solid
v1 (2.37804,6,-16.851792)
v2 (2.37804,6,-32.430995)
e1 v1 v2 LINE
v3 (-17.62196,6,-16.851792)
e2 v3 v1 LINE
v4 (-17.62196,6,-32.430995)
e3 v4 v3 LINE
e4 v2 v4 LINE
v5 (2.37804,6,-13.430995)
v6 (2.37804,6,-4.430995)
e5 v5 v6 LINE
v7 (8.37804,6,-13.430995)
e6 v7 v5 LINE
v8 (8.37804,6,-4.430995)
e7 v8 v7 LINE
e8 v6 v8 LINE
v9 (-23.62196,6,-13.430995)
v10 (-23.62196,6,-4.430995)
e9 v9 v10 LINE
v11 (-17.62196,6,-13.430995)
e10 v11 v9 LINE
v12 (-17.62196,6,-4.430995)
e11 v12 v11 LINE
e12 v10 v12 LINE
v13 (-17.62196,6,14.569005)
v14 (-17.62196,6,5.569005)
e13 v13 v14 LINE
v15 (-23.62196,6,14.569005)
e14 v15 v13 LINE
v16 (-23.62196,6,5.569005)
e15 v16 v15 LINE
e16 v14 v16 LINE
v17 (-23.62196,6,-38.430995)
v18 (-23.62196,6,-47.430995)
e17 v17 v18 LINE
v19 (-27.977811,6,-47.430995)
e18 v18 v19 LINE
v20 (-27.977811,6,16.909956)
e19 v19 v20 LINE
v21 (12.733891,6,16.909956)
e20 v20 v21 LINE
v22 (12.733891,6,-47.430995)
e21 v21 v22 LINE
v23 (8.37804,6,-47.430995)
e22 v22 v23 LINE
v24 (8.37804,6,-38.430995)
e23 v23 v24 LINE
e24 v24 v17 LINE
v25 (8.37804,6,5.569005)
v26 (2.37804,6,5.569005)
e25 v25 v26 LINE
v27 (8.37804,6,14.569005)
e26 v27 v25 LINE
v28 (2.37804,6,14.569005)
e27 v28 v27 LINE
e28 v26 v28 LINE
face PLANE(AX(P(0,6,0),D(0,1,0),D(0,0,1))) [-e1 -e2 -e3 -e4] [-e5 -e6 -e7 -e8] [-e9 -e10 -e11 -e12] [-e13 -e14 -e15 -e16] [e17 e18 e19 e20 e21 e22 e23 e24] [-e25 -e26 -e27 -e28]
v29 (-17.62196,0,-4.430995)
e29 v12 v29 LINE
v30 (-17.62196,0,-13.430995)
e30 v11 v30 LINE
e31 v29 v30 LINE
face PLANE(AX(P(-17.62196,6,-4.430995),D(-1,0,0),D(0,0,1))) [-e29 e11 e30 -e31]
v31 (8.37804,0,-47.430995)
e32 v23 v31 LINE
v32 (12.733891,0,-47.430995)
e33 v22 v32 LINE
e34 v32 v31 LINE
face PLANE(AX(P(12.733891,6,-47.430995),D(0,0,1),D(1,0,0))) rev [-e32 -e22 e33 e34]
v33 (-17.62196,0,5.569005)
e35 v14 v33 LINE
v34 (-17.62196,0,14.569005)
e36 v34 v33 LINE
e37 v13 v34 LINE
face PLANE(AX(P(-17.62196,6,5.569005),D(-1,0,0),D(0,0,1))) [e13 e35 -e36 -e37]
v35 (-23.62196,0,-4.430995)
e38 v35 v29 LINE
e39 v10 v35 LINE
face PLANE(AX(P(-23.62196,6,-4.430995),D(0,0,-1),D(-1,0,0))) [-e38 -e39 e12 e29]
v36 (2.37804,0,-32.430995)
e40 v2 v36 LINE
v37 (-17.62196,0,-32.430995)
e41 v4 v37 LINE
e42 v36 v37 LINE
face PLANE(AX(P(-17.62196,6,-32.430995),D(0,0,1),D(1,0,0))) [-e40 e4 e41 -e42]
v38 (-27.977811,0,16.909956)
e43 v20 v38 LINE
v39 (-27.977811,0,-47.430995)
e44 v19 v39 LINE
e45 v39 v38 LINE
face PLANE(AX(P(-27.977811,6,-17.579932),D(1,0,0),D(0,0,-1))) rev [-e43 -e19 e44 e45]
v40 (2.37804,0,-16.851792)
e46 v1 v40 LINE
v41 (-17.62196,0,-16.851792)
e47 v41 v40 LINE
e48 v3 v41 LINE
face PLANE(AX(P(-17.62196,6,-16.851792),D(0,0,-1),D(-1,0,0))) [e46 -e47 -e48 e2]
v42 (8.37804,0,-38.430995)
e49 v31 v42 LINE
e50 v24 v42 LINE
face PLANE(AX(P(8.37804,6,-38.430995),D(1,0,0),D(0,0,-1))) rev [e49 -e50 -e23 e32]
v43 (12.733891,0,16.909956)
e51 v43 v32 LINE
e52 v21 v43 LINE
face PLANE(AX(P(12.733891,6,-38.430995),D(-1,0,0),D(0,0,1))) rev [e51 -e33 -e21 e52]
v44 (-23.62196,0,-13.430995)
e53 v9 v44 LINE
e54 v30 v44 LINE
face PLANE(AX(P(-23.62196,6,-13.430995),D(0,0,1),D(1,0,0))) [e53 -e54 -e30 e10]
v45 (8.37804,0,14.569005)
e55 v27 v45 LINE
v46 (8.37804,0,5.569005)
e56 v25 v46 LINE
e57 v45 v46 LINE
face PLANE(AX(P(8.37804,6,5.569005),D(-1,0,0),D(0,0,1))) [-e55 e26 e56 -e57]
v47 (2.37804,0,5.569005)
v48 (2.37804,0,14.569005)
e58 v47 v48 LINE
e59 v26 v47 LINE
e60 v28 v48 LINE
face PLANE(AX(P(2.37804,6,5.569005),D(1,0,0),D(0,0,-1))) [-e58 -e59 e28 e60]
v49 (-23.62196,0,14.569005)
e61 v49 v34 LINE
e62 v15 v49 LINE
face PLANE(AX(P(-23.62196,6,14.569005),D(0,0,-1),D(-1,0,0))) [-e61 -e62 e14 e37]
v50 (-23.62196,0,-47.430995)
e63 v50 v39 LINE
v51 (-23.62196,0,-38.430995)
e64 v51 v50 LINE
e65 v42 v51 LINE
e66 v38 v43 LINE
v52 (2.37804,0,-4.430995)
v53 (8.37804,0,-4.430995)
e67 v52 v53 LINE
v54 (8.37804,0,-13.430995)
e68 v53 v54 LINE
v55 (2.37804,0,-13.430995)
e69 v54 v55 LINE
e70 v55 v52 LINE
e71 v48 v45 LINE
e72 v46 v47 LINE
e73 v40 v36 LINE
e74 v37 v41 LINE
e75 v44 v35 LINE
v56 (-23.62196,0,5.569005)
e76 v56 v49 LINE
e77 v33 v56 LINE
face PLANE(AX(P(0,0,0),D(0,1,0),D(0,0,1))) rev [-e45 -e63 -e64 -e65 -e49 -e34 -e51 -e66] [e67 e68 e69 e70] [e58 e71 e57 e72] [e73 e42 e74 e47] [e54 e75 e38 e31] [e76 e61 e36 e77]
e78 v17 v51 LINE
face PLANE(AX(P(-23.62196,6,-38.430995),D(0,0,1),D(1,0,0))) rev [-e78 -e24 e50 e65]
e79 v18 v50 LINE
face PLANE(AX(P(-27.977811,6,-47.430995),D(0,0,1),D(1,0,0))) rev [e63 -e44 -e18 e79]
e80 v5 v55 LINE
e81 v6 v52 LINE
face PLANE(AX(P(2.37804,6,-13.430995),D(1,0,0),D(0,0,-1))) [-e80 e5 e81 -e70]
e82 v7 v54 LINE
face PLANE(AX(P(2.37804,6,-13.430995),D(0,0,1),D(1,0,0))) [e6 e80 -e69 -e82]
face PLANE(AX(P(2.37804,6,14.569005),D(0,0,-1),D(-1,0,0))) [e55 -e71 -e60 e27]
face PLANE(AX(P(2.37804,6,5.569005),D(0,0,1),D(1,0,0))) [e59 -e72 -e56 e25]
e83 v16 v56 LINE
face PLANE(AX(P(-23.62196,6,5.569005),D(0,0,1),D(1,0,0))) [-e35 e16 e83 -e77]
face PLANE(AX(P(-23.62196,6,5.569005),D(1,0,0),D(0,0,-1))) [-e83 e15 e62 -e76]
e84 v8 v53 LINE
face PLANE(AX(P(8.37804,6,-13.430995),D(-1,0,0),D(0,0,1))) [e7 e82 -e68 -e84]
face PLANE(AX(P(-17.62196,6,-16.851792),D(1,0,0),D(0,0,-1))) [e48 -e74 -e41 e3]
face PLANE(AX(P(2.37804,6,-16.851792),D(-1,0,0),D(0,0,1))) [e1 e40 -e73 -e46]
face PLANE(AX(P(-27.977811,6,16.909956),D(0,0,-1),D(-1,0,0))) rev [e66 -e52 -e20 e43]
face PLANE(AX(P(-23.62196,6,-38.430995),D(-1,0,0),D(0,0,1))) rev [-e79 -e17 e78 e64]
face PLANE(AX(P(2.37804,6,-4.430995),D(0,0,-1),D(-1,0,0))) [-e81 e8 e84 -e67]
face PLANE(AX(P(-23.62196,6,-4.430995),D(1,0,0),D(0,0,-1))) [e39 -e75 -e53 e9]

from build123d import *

# Parameters (mm, degrees)
SKETCH1_W           = 6
SKETCH1_H           = 9
SKETCH1_W_2         = 20
SKETCH1_H_2         = 15.579203612
BOSS_EXTRUDE1_DEPTH = 6


with BuildPart() as part:
    # Sketch1 → Boss-Extrude1 (new body)
    with BuildSketch(Plane(origin=(0, 0, 0), x_dir=(1, 0, 0), z_dir=(0, 1, 0))):
        Polygon((-27.97781142, 17.579932433), (-27.97781142, -16.909955783), (12.733891313, -16.909955783), (12.733891313, 17.579932433), (12.733891313, 38.430995495), (12.733891313, 47.430995495), (8.378039947, 47.430995495), (8.378039947, 38.430995495), (-23.621960053, 38.430995495), (-23.621960053, 47.430995495), (-27.97781142, 47.430995495), (-27.97781142, 38.430995495), align=None)
        with Locations((5.378039947, 8.930995495)):
            Rectangle(SKETCH1_W, SKETCH1_H, mode=Mode.SUBTRACT)
        with Locations((5.378039947, -10.069004505)):
            Rectangle(SKETCH1_W, SKETCH1_H, mode=Mode.SUBTRACT)
        with Locations((-20.621960053, 8.930995495)):
            Rectangle(SKETCH1_W, SKETCH1_H, mode=Mode.SUBTRACT)
        with Locations((-20.621960053, -10.069004505)):
            Rectangle(SKETCH1_W, SKETCH1_H, mode=Mode.SUBTRACT)
        with Locations((-7.621960053, 24.641393689)):
            Rectangle(SKETCH1_W_2, SKETCH1_H_2, mode=Mode.SUBTRACT)
    extrude(amount=BOSS_EXTRUDE1_DEPTH)


solid = part.part
